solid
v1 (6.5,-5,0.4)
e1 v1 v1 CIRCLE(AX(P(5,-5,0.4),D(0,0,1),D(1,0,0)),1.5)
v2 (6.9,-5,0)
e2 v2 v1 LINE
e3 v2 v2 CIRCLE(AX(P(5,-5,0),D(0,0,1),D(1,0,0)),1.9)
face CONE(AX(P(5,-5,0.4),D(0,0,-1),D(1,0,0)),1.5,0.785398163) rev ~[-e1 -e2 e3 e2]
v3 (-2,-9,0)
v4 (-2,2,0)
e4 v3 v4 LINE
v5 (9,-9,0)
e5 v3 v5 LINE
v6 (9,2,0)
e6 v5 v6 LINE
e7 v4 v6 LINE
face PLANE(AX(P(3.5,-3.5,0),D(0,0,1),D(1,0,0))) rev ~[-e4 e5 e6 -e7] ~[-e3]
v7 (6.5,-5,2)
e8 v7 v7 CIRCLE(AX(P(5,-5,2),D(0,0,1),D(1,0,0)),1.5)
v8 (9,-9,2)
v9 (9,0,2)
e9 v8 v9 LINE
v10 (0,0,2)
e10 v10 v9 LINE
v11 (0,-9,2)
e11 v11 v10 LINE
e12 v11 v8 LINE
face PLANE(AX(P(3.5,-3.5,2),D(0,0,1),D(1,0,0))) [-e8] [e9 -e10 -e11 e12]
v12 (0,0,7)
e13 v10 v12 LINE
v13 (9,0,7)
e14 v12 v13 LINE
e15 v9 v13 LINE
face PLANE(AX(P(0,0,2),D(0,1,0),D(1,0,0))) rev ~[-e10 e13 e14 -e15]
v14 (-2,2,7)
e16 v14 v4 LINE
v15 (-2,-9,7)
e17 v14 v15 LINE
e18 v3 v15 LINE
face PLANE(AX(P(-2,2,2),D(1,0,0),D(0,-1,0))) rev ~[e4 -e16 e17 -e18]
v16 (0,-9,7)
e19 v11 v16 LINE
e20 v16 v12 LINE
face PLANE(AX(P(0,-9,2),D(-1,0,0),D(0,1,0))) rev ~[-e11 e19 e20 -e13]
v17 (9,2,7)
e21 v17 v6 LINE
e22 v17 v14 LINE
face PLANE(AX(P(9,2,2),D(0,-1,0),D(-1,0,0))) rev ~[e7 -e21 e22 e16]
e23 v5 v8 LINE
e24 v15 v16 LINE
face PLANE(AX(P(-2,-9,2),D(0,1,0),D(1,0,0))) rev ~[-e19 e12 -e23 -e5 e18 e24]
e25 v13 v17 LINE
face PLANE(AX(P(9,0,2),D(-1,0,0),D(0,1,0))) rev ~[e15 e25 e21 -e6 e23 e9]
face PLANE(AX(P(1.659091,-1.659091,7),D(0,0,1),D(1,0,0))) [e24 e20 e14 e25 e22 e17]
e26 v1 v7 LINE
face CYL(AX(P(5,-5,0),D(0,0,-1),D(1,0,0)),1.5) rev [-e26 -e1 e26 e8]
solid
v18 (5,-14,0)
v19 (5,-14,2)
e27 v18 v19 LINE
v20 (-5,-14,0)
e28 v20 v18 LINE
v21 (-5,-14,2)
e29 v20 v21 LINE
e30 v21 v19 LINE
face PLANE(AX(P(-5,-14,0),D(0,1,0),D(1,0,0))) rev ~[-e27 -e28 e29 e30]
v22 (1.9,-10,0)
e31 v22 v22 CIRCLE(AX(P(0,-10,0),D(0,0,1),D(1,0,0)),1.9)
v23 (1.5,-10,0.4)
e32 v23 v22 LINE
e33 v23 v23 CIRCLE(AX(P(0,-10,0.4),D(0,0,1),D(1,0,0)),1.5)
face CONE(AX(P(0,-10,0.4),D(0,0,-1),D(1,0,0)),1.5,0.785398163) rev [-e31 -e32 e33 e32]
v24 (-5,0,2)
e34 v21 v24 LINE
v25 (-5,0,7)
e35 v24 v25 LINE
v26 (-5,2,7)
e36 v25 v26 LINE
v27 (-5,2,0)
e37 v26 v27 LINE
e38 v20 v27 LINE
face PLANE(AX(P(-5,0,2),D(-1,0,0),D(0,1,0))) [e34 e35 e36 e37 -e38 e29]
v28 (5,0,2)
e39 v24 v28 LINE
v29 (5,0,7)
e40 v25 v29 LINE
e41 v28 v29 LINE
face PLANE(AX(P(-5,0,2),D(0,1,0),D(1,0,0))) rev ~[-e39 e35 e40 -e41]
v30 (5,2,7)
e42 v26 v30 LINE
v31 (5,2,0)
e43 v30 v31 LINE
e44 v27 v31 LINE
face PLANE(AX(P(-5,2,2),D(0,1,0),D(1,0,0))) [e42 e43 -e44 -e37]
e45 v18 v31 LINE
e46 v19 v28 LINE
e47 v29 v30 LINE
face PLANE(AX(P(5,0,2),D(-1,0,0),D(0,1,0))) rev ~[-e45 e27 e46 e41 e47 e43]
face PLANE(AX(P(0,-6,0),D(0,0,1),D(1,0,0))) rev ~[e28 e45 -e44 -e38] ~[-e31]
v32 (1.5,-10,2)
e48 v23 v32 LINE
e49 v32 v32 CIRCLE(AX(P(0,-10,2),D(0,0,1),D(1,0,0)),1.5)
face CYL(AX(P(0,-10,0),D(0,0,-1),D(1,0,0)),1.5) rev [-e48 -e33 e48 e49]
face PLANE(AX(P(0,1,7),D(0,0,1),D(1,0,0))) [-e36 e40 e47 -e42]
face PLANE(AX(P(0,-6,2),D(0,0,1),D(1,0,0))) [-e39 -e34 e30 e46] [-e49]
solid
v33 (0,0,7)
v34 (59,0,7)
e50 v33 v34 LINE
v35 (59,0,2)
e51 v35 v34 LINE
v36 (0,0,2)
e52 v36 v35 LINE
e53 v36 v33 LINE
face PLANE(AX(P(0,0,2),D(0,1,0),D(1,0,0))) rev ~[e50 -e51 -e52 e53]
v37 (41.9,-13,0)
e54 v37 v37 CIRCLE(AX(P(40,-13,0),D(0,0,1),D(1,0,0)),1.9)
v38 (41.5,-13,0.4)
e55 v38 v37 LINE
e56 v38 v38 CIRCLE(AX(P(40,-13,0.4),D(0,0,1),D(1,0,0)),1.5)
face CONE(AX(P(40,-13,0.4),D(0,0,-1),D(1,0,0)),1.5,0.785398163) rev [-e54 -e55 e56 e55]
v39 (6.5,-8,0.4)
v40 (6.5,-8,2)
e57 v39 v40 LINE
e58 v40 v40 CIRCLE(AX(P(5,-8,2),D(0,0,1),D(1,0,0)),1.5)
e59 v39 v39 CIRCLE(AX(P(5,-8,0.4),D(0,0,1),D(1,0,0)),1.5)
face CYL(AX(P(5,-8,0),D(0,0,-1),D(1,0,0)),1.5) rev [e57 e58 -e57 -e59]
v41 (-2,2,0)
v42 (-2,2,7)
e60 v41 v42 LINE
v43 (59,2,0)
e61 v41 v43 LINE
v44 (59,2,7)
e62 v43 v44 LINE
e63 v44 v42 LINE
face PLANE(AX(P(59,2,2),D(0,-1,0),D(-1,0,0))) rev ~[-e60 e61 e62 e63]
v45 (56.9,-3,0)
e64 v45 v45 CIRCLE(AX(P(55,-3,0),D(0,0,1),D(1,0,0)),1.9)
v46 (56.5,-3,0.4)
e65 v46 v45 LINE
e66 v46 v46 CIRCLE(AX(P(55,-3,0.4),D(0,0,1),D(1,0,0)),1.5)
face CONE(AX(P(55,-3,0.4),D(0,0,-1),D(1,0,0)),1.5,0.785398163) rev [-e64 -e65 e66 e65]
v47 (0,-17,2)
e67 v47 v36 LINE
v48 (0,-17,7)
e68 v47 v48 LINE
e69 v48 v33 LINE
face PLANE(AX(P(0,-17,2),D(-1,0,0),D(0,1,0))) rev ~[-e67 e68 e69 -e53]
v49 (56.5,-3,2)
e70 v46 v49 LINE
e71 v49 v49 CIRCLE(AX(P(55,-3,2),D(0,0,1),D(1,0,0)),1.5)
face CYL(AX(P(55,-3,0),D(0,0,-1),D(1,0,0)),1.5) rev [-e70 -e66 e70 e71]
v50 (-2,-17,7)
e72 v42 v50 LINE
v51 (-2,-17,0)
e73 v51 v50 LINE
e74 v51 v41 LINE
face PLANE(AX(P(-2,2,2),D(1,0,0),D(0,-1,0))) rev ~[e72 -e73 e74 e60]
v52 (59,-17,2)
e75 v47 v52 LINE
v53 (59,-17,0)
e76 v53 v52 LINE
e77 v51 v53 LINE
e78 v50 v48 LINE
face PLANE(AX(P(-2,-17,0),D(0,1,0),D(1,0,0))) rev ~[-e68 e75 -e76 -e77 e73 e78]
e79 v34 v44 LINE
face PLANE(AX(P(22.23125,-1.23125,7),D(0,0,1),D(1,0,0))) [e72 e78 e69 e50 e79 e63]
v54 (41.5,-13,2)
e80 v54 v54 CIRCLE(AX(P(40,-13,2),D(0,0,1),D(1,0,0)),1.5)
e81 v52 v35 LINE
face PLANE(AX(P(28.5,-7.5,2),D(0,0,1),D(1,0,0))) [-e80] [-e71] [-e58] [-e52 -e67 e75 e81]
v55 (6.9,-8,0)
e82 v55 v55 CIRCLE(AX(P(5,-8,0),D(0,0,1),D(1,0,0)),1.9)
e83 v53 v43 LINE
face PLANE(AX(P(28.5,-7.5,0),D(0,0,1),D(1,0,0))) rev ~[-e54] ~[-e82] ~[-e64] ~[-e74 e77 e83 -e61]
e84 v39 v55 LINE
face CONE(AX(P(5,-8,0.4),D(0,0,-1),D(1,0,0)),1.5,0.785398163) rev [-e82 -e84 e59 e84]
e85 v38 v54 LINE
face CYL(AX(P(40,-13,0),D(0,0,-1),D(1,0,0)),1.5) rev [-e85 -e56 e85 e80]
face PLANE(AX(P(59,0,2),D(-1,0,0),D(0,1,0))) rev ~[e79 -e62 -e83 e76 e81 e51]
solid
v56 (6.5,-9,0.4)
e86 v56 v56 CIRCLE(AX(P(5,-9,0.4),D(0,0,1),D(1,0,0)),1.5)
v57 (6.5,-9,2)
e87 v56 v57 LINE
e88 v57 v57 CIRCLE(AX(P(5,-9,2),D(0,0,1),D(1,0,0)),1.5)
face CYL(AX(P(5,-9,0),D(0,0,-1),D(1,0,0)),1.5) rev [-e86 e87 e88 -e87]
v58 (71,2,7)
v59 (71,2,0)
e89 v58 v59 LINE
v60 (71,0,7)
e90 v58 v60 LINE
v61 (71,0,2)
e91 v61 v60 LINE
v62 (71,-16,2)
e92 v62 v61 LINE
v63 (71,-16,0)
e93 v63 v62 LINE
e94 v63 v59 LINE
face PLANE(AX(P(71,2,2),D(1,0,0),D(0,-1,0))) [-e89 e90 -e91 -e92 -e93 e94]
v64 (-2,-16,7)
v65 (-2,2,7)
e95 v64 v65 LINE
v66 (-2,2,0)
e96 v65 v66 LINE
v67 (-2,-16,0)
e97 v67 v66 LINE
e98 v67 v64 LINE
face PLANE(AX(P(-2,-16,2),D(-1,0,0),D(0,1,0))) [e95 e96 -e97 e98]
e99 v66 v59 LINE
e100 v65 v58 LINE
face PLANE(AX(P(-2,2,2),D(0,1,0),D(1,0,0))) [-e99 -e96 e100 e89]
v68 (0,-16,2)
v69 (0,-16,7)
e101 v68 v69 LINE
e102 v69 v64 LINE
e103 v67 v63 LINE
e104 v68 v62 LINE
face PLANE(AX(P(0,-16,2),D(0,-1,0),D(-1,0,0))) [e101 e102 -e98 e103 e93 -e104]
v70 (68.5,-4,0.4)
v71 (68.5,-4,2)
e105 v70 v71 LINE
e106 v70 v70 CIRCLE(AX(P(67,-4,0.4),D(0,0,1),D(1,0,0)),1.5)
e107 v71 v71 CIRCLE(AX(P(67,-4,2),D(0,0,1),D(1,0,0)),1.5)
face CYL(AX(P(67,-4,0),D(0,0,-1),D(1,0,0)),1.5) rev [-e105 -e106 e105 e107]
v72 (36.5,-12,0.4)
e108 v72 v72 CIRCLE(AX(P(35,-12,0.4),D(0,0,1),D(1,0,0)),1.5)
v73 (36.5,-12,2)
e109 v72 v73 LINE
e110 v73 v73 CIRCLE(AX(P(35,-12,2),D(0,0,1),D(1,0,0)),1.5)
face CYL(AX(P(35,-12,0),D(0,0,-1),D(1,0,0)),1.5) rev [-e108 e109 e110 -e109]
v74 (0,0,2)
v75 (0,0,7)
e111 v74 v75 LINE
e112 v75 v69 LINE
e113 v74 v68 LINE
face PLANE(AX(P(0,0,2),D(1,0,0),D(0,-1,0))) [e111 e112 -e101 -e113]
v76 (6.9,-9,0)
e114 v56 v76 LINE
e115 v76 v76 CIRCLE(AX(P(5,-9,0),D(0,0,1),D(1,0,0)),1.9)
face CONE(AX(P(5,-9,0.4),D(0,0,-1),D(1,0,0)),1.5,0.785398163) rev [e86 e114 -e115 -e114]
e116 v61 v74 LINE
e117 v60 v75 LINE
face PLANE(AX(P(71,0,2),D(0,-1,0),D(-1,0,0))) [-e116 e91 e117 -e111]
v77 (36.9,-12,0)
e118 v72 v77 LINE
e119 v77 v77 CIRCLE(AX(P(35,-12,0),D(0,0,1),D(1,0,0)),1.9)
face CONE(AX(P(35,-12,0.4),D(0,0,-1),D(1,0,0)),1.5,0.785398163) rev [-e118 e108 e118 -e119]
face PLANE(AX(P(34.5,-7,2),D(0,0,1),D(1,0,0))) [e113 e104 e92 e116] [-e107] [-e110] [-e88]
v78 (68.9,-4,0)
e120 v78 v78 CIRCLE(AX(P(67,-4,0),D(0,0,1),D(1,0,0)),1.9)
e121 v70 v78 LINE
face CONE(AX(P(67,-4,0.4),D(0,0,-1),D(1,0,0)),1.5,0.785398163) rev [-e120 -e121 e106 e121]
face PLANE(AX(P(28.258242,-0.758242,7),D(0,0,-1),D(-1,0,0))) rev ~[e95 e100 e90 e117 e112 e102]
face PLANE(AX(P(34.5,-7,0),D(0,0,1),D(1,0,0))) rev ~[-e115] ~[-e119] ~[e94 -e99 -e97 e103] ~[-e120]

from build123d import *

# Parameters (mm, degrees)
SKETCH_W        = 61
SKETCH_H        = 19
SKETCH_R        = 1.5
PAD_DEPTH       = 2
PAD001_DEPTH    = 5
CHAMFER003_SIZE = 0.4
SKETCH002_W     = 73
SKETCH002_H     = 18
SKETCH002_R     = 1.5
PAD002_DEPTH    = 2
PAD003_DEPTH    = 5
CHAMFER002_SIZE = 0.4
SKETCH004_W     = 11
SKETCH004_H     = 11
SKETCH004_R     = 1.5
PAD004_DEPTH    = 2
PAD005_DEPTH    = 5
CHAMFER001_SIZE = 0.4
SKETCH006_W     = 10
SKETCH006_H     = 16
SKETCH006_R     = 1.5
PAD006_DEPTH    = 2
SKETCH007_W     = 10
SKETCH007_H     = 2
PAD007_DEPTH    = 5
CHAMFER_SIZE    = 0.4


with BuildPart() as f_180_glass_bed_top_hole_templatre:
    # Sketch → Pad (new body)
    with BuildSketch(Plane.XY):
        with Locations((28.5, -7.5)):
            Rectangle(SKETCH_W, SKETCH_H)
        with Locations((5, -8)):
            Circle(SKETCH_R, mode=Mode.SUBTRACT)
        with Locations((40, -13)):
            Circle(SKETCH_R, mode=Mode.SUBTRACT)
        with Locations((55, -3)):
            Circle(SKETCH_R, mode=Mode.SUBTRACT)
    extrude(amount=PAD_DEPTH)

    # Sketch001 (on Face9 of Pad) → Pad001 (join)
    with BuildSketch(Plane.XY.offset(2)):
        Polygon((59, 0), (59, 2), (-2, 2), (-2, -17), (0, -17), (0, 0), align=None)
    extrude(amount=PAD001_DEPTH)

    # Chamfer003
    chamfer003_edges = [f_180_glass_bed_top_hole_templatre.edges().sort_by_distance(p)[0] for p in [
        (3.5, -8, 0),
        (38.5, -13, 0),
        (53.5, -3, 0),
    ]]
    chamfer(chamfer003_edges, length=CHAMFER003_SIZE)


with BuildPart() as f_250_glass_bed_top_hole_templatre:
    # Sketch002 → Pad002 (new body)
    with BuildSketch(Plane.XY):
        with Locations((34.5, -7)):
            Rectangle(SKETCH002_W, SKETCH002_H)
        with Locations((5, -9)):
            Circle(SKETCH002_R, mode=Mode.SUBTRACT)
        with Locations((35, -12)):
            Circle(SKETCH002_R, mode=Mode.SUBTRACT)
        with Locations((67, -4)):
            Circle(SKETCH002_R, mode=Mode.SUBTRACT)
    extrude(amount=PAD002_DEPTH)

    # Sketch003 (on Face9 of Pad002) → Pad003 (join)
    with BuildSketch(Plane.XY.offset(2)):
        Polygon((-2, -16), (-2, 2), (71, 2), (71, 0), (0, 0), (0, -16), align=None)
    extrude(amount=PAD003_DEPTH)

    # Chamfer002
    chamfer002_edges = [f_250_glass_bed_top_hole_templatre.edges().sort_by_distance(p)[0] for p in [
        (3.5, -9, 0),
        (33.5, -12, 0),
        (65.5, -4, 0),
    ]]
    chamfer(chamfer002_edges, length=CHAMFER002_SIZE)


with BuildPart() as corner:
    # Sketch004 → Pad004 (new body)
    with BuildSketch(Plane.XY):
        with Locations((3.5, -3.5)):
            Rectangle(SKETCH004_W, SKETCH004_H)
        with Locations((5, -5)):
            Circle(SKETCH004_R, mode=Mode.SUBTRACT)
    extrude(amount=PAD004_DEPTH)

    # Sketch005 (on Face7 of Pad004) → Pad005 (join)
    with BuildSketch(Plane.XY.offset(2)):
        Polygon((-2, 2), (-2, -9), (0, -9), (0, 0), (9, 0), (9, 2), align=None)
    extrude(amount=PAD005_DEPTH)

    # Chamfer001
    chamfer001_edges = [corner.edges().sort_by_distance(p)[0] for p in [
        (3.5, -5, 0),
    ]]
    chamfer(chamfer001_edges, length=CHAMFER001_SIZE)


with BuildPart() as center:
    # Sketch006 → Pad006 (new body)
    with BuildSketch(Plane.XY):
        with Locations((0, -6)):
            Rectangle(SKETCH006_W, SKETCH006_H)
        with Locations((0, -10)):
            Circle(SKETCH006_R, mode=Mode.SUBTRACT)
    extrude(amount=PAD006_DEPTH)

    # Sketch007 (on Face7 of Pad006) → Pad007 (join)
    with BuildSketch(Plane.XY.offset(2)):
        with Locations((0, 1)):
            Rectangle(SKETCH007_W, SKETCH007_H)
    extrude(amount=PAD007_DEPTH)

    # Chamfer
    chamfer_edges = [center.edges().sort_by_distance(p)[0] for p in [
        (-1.5, -10, 0),
    ]]
    chamfer(chamfer_edges, length=CHAMFER_SIZE)


solid = Compound([f_180_glass_bed_top_hole_templatre.part, f_250_glass_bed_top_hole_templatre.part, corner.part, center.part])
